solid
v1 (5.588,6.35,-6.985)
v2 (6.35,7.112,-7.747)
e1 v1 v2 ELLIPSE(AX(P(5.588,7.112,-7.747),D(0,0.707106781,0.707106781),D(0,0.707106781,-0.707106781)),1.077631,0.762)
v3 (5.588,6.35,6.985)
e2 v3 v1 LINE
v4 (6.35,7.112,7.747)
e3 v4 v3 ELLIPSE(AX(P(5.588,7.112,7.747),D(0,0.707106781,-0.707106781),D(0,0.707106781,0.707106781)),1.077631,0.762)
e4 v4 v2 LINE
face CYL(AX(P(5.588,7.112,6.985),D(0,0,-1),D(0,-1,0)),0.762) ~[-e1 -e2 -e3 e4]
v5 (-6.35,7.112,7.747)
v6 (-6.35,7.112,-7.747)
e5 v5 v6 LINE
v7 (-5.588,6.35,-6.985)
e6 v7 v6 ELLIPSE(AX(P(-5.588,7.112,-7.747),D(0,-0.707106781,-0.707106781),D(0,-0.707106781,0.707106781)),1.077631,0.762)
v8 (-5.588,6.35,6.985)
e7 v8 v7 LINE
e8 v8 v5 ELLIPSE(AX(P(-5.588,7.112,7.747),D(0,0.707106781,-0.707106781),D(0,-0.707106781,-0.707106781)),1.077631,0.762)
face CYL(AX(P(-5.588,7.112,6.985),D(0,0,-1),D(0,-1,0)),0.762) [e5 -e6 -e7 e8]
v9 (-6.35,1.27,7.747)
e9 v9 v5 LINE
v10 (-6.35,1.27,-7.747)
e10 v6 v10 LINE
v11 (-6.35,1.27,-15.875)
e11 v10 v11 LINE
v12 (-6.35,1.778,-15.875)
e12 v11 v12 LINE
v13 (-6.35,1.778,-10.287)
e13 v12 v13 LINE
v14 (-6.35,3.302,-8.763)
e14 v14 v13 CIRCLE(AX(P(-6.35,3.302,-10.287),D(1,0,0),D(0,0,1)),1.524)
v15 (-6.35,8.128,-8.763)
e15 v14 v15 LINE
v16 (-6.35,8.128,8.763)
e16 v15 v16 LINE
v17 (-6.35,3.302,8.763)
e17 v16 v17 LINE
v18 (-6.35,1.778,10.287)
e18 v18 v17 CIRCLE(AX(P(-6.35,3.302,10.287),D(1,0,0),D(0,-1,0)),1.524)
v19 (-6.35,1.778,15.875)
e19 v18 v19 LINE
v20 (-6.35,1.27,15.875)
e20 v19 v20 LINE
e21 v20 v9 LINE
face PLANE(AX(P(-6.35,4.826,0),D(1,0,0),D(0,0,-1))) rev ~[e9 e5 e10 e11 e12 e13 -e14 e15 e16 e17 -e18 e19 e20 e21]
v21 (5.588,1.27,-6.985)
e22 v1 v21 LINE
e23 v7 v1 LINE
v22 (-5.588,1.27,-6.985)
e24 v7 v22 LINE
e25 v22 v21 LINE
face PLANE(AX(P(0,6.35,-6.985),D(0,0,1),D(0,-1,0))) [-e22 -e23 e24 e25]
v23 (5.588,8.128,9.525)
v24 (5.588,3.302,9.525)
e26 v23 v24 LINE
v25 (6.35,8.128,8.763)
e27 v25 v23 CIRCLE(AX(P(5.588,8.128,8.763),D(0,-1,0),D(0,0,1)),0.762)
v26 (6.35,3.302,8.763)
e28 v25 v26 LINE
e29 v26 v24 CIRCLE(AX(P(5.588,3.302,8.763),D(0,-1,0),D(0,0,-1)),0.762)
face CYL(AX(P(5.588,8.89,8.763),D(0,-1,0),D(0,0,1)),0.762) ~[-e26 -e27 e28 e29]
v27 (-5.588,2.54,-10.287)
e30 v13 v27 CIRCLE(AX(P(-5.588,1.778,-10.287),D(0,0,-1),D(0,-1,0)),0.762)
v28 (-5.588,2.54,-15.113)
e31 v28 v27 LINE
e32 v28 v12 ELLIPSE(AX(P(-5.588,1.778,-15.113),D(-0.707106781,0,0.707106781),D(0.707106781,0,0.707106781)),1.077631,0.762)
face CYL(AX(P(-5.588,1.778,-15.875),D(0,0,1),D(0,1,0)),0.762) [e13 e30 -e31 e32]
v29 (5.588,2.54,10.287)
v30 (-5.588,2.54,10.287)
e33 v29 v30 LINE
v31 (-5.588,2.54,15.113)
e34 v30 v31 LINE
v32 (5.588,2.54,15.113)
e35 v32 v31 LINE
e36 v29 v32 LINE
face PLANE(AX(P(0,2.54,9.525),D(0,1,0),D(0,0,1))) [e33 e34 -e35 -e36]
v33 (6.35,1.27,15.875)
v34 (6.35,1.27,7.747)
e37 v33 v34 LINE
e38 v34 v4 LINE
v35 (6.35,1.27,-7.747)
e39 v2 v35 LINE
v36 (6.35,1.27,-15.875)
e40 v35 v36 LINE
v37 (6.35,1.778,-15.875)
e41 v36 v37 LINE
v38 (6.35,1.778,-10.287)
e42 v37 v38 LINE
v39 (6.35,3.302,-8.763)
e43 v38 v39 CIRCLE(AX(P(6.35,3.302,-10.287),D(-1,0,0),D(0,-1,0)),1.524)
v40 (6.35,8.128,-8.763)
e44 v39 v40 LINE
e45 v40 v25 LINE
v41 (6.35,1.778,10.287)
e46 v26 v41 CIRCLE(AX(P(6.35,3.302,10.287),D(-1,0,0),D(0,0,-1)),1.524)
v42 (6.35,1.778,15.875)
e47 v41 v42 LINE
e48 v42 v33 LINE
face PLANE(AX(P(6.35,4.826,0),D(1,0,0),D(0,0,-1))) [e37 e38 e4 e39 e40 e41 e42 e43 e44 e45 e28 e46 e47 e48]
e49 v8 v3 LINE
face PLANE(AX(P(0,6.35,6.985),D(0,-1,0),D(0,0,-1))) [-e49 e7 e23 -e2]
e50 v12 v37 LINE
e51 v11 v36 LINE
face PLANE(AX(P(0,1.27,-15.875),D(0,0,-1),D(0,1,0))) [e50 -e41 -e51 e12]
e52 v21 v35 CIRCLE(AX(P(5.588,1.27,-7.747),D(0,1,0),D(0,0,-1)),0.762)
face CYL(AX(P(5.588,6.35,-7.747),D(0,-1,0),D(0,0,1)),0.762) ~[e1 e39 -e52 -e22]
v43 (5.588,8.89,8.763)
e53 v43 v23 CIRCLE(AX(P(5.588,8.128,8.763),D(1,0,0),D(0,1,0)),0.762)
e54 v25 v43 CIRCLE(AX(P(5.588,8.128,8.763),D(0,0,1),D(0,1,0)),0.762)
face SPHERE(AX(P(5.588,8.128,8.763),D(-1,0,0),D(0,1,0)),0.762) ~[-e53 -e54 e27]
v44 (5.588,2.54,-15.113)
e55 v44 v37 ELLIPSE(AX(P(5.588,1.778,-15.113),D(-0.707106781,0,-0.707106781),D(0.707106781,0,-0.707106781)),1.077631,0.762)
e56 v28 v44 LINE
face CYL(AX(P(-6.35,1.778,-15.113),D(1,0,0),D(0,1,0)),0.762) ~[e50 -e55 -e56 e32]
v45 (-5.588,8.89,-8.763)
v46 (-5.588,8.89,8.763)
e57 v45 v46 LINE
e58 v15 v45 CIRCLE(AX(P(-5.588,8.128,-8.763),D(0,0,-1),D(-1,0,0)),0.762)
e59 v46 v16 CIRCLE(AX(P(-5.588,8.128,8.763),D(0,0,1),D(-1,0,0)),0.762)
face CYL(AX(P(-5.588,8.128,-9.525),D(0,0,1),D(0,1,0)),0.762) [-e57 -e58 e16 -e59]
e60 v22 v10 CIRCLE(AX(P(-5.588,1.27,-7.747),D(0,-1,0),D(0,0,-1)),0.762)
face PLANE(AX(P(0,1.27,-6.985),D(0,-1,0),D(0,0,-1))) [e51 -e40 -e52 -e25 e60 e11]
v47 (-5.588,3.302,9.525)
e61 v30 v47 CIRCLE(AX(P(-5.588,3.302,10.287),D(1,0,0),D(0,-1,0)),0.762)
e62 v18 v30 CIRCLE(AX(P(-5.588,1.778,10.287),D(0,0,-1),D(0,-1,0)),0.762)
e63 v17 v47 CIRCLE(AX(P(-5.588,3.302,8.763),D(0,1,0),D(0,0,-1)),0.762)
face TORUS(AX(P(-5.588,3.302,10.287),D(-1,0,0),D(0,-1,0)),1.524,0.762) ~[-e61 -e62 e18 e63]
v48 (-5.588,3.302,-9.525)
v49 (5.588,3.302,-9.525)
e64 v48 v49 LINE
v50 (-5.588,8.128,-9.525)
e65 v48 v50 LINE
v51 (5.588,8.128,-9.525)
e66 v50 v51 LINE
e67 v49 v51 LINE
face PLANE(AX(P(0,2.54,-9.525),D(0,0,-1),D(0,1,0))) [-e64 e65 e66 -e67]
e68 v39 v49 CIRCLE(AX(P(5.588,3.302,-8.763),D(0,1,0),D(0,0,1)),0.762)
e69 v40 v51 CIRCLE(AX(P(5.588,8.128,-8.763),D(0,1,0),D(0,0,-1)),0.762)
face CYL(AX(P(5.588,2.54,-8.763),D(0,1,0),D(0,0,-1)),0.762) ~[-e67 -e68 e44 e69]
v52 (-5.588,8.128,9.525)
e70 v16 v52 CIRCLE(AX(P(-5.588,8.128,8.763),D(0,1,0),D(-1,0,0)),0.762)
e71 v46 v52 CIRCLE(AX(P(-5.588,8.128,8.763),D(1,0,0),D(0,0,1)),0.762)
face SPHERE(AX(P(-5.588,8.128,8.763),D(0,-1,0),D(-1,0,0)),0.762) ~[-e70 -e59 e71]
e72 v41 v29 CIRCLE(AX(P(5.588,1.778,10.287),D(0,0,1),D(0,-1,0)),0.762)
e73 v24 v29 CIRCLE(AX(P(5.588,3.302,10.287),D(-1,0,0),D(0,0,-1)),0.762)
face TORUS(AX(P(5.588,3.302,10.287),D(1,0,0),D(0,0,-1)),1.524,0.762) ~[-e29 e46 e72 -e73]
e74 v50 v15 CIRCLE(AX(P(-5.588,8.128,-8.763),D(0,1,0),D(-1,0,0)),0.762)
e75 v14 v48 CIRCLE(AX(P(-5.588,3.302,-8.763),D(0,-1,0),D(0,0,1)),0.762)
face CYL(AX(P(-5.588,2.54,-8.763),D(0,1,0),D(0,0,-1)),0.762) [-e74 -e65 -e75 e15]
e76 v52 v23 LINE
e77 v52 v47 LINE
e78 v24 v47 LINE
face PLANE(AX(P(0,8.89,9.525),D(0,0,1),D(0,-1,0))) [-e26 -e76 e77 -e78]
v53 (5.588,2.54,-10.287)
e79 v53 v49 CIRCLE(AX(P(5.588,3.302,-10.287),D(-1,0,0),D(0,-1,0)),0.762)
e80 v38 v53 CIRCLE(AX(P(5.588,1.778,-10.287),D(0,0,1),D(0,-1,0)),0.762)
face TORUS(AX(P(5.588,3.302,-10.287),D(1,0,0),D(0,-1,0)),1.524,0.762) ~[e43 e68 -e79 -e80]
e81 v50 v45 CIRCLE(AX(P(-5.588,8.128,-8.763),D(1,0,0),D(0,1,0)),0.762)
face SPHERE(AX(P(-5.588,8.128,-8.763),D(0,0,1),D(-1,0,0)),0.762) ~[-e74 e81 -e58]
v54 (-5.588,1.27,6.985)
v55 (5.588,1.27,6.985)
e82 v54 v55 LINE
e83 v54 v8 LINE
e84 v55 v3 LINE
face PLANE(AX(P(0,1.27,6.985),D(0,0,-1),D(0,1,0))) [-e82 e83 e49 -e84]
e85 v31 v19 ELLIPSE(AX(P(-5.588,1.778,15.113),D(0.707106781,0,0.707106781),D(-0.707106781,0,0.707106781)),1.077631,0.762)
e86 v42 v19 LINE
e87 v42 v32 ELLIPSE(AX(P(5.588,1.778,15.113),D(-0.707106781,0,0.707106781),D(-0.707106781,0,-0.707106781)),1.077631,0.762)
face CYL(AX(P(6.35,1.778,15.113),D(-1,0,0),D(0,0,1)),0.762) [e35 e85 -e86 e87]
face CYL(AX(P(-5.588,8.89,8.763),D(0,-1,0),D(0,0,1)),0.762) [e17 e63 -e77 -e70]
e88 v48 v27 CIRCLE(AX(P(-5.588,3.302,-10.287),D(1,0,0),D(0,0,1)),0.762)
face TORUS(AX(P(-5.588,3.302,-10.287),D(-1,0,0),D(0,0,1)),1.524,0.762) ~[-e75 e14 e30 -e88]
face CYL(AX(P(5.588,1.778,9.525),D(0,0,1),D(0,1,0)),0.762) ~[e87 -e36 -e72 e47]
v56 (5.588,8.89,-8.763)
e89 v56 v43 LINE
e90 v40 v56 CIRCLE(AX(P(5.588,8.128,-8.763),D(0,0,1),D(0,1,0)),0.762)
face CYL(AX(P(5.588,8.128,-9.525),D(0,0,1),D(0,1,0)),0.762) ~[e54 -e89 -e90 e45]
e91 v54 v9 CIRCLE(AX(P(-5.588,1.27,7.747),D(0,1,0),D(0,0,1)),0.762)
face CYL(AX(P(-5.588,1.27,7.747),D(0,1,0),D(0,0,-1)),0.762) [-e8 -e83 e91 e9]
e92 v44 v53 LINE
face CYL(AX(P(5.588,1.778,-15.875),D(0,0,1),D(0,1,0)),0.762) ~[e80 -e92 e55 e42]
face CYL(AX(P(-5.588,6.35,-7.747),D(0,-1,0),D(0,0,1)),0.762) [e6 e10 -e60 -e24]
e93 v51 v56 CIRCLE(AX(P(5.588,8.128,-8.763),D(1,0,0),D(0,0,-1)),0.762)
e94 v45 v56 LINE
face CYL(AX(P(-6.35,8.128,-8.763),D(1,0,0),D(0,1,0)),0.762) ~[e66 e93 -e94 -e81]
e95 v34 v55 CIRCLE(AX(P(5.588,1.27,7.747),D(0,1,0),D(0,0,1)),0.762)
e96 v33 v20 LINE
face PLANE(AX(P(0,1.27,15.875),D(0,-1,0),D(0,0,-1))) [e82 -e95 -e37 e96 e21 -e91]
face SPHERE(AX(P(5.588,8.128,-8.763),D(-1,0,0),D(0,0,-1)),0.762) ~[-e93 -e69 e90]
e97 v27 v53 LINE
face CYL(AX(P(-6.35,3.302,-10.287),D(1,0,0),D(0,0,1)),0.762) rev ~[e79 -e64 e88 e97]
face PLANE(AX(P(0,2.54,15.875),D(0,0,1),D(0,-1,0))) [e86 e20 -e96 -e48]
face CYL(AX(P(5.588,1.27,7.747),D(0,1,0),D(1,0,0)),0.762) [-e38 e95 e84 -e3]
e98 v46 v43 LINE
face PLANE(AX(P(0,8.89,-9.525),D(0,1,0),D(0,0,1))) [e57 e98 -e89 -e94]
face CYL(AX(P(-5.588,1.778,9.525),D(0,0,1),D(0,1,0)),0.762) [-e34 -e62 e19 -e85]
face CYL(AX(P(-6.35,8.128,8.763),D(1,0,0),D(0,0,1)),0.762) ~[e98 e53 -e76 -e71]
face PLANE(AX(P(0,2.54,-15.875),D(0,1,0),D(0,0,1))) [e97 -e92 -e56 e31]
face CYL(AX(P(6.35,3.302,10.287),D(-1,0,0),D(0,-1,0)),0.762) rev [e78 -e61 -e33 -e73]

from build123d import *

# Parameters (mm, degrees)
BOSS_EXTRUDE1_DEPTH = 6.35
FILLET1_R           = 0.762


with BuildPart() as part:
    # Sketch2 → Boss-Extrude1 (new, symmetric)
    with BuildSketch(Plane(origin=(0, 0, 0), x_dir=(0, 0, -1), z_dir=(1, 0, 0))):
        Polygon((-15.875, 1.27), (-6.985, 1.27), (-6.985, 6.35), (6.985, 6.35), (6.985, 1.27), (15.875, 1.27), (15.875, 2.54), (9.525, 2.54), (9.525, 8.89), (-9.525, 8.89), (-9.525, 2.54), (-15.875, 2.54), align=None)
    extrude(amount=BOSS_EXTRUDE1_DEPTH, both=True)

    # Fillet1
    fillet1_edges = [part.edges().sort_by_distance(p)[0] for p in [
        (-6.35, 2.54, 12.7),
        (-6.35, 5.715, 9.525),
        (6.35, 3.81, 6.985),
        (-6.35, 8.89, 0),
        (-6.35, 5.715, -9.525),
        (-6.35, 2.54, -12.7),
        (-6.35, 3.81, -6.985),
        (-6.35, 6.35, 0),
        (-6.35, 3.81, 6.985),
        (6.35, 6.35, 0),
        (0, 2.54, 15.875),
        (0, 2.54, 9.525),
        (0, 8.89, 9.525),
        (6.35, 3.81, -6.985),
        (0, 8.89, -9.525),
        (0, 2.54, -9.525),
        (0, 2.54, -15.875),
        (6.35, 2.54, -12.7),
        (6.35, 5.715, -9.525),
        (6.35, 8.89, 0),
        (6.35, 5.715, 9.525),
        (6.35, 2.54, 12.7),
    ]]
    fillet(fillet1_edges, radius=FILLET1_R)


solid = part.part
